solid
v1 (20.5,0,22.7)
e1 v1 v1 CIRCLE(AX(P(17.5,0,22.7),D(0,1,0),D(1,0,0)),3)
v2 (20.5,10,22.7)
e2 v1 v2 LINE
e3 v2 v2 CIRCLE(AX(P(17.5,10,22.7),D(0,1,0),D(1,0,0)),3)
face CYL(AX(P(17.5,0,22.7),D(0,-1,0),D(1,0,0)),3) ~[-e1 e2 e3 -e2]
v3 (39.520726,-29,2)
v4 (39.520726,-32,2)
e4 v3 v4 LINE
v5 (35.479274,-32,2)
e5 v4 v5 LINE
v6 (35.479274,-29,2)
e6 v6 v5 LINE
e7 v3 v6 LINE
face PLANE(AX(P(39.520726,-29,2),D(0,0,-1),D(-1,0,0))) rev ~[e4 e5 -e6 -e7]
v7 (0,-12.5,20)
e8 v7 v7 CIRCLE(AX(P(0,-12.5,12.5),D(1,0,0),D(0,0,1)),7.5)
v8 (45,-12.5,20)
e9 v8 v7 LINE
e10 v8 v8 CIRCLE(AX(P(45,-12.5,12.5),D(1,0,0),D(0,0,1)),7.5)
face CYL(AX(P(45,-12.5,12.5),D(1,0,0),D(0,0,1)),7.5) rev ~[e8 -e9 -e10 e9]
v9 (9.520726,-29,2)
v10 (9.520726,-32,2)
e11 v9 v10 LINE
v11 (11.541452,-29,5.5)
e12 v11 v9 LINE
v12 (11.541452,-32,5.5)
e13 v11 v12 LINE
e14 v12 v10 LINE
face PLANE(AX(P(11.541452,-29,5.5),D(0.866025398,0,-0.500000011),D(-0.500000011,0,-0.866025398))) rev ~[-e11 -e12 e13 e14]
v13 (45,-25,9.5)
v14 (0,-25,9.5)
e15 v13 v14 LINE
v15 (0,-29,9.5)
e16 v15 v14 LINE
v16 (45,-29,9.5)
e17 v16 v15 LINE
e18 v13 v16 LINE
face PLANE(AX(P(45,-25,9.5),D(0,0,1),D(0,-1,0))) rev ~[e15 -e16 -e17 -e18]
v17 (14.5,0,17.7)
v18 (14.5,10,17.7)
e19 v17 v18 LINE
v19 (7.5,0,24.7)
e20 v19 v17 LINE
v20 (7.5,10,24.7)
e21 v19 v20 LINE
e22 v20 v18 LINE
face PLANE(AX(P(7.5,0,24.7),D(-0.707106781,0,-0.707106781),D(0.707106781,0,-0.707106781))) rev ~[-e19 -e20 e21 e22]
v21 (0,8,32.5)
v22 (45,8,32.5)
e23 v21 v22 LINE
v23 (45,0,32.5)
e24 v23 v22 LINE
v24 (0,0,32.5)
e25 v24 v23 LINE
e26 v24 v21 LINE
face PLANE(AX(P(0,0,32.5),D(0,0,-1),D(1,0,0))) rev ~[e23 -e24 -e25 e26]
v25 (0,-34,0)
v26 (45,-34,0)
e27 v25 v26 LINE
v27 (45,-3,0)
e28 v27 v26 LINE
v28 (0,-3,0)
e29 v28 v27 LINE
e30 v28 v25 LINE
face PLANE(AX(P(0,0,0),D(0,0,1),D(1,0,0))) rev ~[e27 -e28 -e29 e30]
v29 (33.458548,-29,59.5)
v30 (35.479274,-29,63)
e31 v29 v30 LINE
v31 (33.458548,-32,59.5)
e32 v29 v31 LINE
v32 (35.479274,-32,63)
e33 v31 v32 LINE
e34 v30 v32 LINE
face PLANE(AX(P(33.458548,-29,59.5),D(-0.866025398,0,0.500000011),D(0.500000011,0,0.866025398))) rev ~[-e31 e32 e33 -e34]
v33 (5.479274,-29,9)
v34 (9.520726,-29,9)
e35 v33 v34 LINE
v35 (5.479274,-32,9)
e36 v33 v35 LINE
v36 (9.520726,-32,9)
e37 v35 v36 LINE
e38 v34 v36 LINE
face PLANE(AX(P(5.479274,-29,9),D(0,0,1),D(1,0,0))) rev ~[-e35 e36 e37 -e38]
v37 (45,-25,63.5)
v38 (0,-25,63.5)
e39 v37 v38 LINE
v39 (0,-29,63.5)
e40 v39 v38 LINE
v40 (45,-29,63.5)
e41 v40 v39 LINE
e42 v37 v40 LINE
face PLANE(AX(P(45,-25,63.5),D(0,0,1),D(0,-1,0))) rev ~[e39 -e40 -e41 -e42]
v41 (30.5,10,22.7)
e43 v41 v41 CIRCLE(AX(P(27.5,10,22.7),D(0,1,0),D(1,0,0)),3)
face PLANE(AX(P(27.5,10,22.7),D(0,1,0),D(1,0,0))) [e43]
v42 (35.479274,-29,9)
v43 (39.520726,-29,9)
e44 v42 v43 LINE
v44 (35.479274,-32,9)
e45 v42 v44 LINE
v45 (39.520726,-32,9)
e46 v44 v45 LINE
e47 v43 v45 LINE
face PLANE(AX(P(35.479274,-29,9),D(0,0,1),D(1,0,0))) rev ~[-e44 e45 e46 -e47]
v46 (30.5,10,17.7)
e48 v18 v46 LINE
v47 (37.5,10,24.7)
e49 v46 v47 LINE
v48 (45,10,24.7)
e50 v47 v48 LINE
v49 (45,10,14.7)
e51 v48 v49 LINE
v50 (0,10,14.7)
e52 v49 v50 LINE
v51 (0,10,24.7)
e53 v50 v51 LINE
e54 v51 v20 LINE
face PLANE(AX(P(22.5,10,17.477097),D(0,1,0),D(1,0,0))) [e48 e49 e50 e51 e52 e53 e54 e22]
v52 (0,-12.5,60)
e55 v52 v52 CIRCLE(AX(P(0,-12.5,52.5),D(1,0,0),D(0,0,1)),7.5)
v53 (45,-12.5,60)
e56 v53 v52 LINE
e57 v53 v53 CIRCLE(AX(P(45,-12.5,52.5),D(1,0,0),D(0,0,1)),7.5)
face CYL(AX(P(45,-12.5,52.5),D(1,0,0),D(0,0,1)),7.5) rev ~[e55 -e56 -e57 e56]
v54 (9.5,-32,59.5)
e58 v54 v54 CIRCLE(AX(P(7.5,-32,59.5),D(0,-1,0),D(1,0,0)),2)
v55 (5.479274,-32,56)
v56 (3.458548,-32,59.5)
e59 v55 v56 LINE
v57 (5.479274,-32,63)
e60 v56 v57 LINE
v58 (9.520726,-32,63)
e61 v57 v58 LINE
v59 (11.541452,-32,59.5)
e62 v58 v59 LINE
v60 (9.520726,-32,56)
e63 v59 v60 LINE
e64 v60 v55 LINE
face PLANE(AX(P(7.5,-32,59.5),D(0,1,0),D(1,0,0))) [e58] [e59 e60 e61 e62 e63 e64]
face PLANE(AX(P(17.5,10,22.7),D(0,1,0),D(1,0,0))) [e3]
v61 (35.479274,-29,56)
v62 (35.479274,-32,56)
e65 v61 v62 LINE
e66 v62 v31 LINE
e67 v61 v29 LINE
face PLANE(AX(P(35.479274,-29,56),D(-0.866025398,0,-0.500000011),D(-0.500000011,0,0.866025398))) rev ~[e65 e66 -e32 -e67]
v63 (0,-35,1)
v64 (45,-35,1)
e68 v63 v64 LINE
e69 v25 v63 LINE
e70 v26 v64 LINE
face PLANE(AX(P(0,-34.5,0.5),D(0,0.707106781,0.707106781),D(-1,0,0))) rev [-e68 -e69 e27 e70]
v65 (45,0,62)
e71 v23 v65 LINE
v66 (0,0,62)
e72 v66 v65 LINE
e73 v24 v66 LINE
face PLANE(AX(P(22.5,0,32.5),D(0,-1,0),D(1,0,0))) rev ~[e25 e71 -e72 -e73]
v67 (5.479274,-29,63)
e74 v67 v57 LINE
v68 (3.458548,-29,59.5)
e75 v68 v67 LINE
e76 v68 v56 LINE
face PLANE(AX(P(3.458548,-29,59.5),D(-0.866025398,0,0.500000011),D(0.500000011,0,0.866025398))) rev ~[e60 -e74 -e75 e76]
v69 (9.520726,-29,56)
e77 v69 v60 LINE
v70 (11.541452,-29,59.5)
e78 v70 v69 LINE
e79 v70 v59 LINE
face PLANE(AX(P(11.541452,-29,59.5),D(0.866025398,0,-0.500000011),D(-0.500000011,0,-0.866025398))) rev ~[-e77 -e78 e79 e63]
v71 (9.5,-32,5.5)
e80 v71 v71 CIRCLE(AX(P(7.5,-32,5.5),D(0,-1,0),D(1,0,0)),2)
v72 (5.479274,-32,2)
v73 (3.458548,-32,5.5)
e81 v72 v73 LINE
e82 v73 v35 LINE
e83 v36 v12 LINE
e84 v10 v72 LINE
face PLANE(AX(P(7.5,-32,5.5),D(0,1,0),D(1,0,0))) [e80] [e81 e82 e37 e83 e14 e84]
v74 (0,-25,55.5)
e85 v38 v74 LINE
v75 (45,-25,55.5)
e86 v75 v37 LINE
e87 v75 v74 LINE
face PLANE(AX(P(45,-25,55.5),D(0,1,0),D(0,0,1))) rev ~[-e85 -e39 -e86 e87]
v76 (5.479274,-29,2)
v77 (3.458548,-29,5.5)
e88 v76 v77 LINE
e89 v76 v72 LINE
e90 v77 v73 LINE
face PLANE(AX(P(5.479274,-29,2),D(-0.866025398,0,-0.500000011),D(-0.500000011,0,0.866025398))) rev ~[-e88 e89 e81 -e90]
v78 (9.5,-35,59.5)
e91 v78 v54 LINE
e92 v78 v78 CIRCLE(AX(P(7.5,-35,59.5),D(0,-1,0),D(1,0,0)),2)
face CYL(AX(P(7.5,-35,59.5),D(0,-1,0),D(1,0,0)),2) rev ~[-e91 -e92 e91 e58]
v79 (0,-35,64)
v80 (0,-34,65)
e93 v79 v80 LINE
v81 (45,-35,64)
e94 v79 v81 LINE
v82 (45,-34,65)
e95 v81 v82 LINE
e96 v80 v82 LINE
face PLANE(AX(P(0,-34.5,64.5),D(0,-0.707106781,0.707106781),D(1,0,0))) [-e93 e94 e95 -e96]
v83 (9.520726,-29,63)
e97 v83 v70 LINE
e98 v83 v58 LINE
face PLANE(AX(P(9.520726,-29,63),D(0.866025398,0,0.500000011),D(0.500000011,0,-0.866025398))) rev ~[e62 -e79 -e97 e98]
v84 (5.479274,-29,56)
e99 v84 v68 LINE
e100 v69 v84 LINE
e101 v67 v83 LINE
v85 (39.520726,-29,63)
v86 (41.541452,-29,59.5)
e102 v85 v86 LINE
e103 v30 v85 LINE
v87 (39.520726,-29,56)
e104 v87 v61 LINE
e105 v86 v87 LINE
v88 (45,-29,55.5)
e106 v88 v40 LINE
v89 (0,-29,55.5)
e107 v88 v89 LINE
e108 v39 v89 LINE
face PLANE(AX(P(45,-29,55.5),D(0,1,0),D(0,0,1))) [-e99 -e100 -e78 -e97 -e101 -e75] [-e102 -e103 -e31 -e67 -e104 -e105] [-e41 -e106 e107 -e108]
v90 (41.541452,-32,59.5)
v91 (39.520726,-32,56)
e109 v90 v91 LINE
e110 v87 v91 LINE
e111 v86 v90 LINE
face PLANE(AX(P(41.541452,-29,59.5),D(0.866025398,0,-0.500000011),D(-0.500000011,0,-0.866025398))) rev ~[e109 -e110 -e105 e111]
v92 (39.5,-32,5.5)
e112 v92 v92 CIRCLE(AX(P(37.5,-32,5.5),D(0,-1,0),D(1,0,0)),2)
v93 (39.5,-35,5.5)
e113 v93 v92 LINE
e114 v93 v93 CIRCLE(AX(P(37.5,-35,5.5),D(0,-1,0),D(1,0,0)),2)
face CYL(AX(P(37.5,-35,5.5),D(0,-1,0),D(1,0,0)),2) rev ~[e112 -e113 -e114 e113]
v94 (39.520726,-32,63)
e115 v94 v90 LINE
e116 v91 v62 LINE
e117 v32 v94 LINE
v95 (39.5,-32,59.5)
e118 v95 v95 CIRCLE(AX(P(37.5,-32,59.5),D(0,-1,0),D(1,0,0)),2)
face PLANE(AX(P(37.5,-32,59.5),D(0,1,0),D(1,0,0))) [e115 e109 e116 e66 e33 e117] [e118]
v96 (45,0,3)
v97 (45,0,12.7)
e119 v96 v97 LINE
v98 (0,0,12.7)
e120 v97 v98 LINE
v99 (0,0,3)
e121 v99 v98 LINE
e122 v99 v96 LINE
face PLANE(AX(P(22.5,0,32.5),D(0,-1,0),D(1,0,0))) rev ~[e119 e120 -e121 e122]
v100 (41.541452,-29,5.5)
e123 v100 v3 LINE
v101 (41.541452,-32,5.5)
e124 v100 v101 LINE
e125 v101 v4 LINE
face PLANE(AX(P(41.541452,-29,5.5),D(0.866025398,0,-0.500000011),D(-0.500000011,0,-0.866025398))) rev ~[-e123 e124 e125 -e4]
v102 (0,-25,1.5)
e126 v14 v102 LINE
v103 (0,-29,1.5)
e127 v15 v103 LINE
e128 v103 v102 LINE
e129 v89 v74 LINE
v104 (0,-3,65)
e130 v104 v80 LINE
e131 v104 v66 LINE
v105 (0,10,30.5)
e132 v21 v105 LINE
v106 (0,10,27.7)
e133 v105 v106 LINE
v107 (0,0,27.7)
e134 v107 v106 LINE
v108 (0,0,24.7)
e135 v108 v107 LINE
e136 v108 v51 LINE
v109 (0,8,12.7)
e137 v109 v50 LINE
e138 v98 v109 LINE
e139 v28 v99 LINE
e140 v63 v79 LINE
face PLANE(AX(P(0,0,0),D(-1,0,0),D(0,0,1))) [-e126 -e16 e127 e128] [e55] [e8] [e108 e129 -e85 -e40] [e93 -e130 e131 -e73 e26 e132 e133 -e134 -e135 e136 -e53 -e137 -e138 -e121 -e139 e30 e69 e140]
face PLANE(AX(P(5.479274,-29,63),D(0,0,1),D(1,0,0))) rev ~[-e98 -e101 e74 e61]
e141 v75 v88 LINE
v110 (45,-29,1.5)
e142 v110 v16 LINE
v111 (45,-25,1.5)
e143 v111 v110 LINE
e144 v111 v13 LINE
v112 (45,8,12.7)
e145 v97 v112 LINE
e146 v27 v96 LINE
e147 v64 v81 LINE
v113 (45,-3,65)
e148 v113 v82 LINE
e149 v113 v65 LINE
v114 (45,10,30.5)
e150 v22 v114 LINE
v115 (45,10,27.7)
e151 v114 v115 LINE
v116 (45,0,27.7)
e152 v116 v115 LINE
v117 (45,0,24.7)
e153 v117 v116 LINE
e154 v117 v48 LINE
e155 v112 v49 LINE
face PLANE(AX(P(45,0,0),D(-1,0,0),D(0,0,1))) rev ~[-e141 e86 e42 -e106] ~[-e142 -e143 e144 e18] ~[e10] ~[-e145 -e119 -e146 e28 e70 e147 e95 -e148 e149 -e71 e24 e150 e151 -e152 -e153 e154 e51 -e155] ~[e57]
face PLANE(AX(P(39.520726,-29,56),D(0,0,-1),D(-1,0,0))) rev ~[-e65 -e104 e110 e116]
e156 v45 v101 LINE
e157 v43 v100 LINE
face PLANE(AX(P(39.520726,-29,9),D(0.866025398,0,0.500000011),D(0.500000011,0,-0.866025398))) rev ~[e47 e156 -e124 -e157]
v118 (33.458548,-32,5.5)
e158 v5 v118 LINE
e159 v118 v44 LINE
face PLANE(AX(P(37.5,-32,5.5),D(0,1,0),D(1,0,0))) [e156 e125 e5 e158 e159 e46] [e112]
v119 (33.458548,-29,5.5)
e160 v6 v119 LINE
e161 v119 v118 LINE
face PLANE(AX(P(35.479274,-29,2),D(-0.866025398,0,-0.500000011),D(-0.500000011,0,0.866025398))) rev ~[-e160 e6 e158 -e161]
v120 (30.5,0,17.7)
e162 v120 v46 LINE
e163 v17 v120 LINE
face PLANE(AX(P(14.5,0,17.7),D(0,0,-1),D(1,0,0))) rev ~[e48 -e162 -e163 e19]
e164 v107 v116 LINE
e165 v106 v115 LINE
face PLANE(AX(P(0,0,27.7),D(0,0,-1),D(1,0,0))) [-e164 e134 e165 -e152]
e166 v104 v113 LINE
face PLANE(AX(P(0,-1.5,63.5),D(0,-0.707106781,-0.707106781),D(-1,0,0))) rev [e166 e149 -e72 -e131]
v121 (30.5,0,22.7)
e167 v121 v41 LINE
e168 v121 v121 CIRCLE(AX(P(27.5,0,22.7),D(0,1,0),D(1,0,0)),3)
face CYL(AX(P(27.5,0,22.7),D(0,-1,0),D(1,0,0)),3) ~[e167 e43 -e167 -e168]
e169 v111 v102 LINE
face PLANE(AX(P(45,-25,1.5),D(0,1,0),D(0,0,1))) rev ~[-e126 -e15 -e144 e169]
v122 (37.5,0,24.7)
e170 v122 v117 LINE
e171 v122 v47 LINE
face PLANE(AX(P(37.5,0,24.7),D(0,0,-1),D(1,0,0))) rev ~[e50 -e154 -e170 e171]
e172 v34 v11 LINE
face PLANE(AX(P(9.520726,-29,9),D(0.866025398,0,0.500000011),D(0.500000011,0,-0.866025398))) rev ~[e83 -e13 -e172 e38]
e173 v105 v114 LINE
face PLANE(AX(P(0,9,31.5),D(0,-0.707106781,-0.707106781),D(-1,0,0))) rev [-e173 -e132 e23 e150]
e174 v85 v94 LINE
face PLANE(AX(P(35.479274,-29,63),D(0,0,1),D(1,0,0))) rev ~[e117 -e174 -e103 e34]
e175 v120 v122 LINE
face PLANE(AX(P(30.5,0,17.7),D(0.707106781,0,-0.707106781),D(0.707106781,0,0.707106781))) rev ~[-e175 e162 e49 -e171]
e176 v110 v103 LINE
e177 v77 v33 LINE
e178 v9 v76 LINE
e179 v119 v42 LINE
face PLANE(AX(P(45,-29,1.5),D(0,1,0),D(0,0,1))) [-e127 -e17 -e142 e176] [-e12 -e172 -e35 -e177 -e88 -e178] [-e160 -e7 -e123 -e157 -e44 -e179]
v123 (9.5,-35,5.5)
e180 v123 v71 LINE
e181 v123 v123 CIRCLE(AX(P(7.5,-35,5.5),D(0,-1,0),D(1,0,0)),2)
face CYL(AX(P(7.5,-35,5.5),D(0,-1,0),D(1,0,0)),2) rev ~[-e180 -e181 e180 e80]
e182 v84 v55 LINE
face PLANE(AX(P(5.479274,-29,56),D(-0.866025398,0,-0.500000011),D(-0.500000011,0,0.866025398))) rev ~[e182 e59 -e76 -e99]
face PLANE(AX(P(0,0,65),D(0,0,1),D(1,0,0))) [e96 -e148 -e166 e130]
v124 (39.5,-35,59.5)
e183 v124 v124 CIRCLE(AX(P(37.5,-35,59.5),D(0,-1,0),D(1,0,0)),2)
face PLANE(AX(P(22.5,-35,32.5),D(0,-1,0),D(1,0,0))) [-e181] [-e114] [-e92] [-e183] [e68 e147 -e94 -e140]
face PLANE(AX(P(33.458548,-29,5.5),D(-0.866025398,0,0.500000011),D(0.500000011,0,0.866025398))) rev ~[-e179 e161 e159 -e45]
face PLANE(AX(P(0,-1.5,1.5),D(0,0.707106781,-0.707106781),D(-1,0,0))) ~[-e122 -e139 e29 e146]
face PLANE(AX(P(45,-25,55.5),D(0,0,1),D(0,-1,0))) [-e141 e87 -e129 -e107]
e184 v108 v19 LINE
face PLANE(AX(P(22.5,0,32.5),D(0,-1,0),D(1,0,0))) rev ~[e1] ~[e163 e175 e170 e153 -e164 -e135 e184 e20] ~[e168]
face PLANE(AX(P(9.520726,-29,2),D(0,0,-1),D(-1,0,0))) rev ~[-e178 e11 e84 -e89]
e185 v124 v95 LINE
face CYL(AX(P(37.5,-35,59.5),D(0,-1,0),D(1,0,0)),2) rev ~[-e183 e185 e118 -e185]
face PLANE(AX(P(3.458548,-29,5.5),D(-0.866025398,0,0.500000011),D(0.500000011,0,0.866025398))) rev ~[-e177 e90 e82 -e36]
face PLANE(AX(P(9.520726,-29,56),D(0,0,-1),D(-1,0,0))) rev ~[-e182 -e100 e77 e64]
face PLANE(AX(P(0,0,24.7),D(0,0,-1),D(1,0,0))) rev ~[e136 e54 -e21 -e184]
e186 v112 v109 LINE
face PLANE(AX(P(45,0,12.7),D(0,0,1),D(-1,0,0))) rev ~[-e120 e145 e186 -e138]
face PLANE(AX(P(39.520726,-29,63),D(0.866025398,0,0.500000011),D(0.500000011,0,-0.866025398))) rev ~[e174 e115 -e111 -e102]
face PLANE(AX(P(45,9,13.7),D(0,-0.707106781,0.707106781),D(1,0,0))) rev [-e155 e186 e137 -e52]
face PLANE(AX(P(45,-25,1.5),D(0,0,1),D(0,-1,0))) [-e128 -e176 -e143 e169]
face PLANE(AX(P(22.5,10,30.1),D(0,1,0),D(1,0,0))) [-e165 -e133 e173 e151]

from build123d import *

# Parameters (mm, degrees)
SKETCH_W        = 45
SKETCH_H        = 65
PAD_DEPTH       = 35
SKETCH001_R     = 7.5
POCKET_DEPTH    = 45.001
SKETCH002_R     = 2
POCKET001_DEPTH = 6
SKETCH003_W     = 8
SKETCH003_H     = 4
POCKET002_DEPTH = 45.001
POCKET003_DEPTH = 3
SKETCH005_R     = 3
SKETCH005_W     = 45
SKETCH005_H     = 4.8
PAD001_DEPTH    = 10
CHAMFER_SIZE    = 1
CHAMFER001_SIZE = 3
CHAMFER002_SIZE = 2


with BuildPart() as part:
    # Sketch → Pad (new body)
    with BuildSketch(Plane.XZ):
        with Locations((22.5, 32.5)):
            Rectangle(SKETCH_W, SKETCH_H)
    extrude(amount=PAD_DEPTH)

    # Sketch001 (on Face2 of Pad) → Pocket (cut, through all)
    with BuildSketch(Plane(origin=(45, 0, 0), x_dir=(0, 0, 1), z_dir=(1, 0, 0))):
        with Locations((52.5, 12.5)):
            Circle(SKETCH001_R)
        with Locations((12.5, 12.5)):
            Circle(SKETCH001_R)
    extrude(amount=-POCKET_DEPTH, mode=Mode.SUBTRACT)

    # Sketch002 (on Face6 of Pad) → Pocket001 (cut)
    with BuildSketch(Plane.XZ.offset(35)):
        with Locations((7.5, 59.5)):
            Circle(SKETCH002_R)
        with Locations((37.5, 59.5)):
            Circle(SKETCH002_R)
        with Locations((7.5, 5.5)):
            Circle(SKETCH002_R)
        with Locations((37.5, 5.5)):
            Circle(SKETCH002_R)
    extrude(amount=-POCKET001_DEPTH, mode=Mode.SUBTRACT)

    # Sketch003 (on Face3 of Pocket001) → Pocket002 (cut, through all)
    with BuildSketch(Plane(origin=(45, 0, 0), x_dir=(0, 0, 1), z_dir=(1, 0, 0))):
        with Locations((5.5, 27)):
            Rectangle(SKETCH003_W, SKETCH003_H)
        with Locations((59.5, 27)):
            Rectangle(SKETCH003_W, SKETCH003_H)
    extrude(amount=-POCKET002_DEPTH, mode=Mode.SUBTRACT)

    # Sketch004 (on Face14 of Pocket002) → Pocket003 (cut)
    with BuildSketch(Plane(origin=(0, -29, 0), x_dir=(1, 0, 0), z_dir=(0, 1, 0))):
        Polygon((11.541452, -5.5), (9.520726, -2), (5.479274, -2), (3.458548, -5.5), (5.479274, -9), (9.520726, -9), align=None)
        Polygon((39.520726, -9), (41.541452, -5.5), (39.520726, -2), (35.479274, -2), (33.458548, -5.5), (35.479274, -9), align=None)
        Polygon((9.520726, -63), (11.541452, -59.5), (9.520726, -56), (5.479274, -56), (3.458548, -59.5), (5.479274, -63), align=None)
        Polygon((39.520726, -63), (41.541452, -59.5), (39.520726, -56), (35.479274, -56), (33.458548, -59.5), (35.479274, -63), align=None)
    extrude(amount=-POCKET003_DEPTH, mode=Mode.SUBTRACT)

    # Sketch005 (on Face4 of Pocket003) → Pad001 (join)
    with BuildSketch(Plane(origin=(0, 0, 0), x_dir=(1, 0, 0), z_dir=(0, 1, 0))):
        with Locations((27.5, -22.7)):
            Circle(SKETCH005_R)
        with Locations((17.5, -22.7)):
            Circle(SKETCH005_R)
        Polygon((45, -24.7), (45, -12.7), (0, -12.7), (0, -24.7), (7.5, -24.7), (14.5, -17.7), (30.5, -17.7), (37.5, -24.7), align=None)
        with Locations((22.5, -30.1)):
            Rectangle(SKETCH005_W, SKETCH005_H)
    extrude(amount=PAD001_DEPTH)

    # Chamfer
    chamfer_edges = [part.edges().sort_by_distance(p)[0] for p in [
        (22.5, -35, 65),
        (22.5, -35, 0),
    ]]
    chamfer(chamfer_edges, length=CHAMFER_SIZE)

    # Chamfer001
    chamfer001_edges = [part.edges().sort_by_distance(p)[0] for p in [
        (22.5, 0, 65),
        (22.5, 0, 0),
    ]]
    chamfer(chamfer001_edges, length=CHAMFER001_SIZE)

    # Chamfer002
    chamfer002_edges = [part.edges().sort_by_distance(p)[0] for p in [
        (22.5, 10, 32.5),
        (22.5, 10, 12.7),
    ]]
    chamfer(chamfer002_edges, length=CHAMFER002_SIZE)


solid = part.part
